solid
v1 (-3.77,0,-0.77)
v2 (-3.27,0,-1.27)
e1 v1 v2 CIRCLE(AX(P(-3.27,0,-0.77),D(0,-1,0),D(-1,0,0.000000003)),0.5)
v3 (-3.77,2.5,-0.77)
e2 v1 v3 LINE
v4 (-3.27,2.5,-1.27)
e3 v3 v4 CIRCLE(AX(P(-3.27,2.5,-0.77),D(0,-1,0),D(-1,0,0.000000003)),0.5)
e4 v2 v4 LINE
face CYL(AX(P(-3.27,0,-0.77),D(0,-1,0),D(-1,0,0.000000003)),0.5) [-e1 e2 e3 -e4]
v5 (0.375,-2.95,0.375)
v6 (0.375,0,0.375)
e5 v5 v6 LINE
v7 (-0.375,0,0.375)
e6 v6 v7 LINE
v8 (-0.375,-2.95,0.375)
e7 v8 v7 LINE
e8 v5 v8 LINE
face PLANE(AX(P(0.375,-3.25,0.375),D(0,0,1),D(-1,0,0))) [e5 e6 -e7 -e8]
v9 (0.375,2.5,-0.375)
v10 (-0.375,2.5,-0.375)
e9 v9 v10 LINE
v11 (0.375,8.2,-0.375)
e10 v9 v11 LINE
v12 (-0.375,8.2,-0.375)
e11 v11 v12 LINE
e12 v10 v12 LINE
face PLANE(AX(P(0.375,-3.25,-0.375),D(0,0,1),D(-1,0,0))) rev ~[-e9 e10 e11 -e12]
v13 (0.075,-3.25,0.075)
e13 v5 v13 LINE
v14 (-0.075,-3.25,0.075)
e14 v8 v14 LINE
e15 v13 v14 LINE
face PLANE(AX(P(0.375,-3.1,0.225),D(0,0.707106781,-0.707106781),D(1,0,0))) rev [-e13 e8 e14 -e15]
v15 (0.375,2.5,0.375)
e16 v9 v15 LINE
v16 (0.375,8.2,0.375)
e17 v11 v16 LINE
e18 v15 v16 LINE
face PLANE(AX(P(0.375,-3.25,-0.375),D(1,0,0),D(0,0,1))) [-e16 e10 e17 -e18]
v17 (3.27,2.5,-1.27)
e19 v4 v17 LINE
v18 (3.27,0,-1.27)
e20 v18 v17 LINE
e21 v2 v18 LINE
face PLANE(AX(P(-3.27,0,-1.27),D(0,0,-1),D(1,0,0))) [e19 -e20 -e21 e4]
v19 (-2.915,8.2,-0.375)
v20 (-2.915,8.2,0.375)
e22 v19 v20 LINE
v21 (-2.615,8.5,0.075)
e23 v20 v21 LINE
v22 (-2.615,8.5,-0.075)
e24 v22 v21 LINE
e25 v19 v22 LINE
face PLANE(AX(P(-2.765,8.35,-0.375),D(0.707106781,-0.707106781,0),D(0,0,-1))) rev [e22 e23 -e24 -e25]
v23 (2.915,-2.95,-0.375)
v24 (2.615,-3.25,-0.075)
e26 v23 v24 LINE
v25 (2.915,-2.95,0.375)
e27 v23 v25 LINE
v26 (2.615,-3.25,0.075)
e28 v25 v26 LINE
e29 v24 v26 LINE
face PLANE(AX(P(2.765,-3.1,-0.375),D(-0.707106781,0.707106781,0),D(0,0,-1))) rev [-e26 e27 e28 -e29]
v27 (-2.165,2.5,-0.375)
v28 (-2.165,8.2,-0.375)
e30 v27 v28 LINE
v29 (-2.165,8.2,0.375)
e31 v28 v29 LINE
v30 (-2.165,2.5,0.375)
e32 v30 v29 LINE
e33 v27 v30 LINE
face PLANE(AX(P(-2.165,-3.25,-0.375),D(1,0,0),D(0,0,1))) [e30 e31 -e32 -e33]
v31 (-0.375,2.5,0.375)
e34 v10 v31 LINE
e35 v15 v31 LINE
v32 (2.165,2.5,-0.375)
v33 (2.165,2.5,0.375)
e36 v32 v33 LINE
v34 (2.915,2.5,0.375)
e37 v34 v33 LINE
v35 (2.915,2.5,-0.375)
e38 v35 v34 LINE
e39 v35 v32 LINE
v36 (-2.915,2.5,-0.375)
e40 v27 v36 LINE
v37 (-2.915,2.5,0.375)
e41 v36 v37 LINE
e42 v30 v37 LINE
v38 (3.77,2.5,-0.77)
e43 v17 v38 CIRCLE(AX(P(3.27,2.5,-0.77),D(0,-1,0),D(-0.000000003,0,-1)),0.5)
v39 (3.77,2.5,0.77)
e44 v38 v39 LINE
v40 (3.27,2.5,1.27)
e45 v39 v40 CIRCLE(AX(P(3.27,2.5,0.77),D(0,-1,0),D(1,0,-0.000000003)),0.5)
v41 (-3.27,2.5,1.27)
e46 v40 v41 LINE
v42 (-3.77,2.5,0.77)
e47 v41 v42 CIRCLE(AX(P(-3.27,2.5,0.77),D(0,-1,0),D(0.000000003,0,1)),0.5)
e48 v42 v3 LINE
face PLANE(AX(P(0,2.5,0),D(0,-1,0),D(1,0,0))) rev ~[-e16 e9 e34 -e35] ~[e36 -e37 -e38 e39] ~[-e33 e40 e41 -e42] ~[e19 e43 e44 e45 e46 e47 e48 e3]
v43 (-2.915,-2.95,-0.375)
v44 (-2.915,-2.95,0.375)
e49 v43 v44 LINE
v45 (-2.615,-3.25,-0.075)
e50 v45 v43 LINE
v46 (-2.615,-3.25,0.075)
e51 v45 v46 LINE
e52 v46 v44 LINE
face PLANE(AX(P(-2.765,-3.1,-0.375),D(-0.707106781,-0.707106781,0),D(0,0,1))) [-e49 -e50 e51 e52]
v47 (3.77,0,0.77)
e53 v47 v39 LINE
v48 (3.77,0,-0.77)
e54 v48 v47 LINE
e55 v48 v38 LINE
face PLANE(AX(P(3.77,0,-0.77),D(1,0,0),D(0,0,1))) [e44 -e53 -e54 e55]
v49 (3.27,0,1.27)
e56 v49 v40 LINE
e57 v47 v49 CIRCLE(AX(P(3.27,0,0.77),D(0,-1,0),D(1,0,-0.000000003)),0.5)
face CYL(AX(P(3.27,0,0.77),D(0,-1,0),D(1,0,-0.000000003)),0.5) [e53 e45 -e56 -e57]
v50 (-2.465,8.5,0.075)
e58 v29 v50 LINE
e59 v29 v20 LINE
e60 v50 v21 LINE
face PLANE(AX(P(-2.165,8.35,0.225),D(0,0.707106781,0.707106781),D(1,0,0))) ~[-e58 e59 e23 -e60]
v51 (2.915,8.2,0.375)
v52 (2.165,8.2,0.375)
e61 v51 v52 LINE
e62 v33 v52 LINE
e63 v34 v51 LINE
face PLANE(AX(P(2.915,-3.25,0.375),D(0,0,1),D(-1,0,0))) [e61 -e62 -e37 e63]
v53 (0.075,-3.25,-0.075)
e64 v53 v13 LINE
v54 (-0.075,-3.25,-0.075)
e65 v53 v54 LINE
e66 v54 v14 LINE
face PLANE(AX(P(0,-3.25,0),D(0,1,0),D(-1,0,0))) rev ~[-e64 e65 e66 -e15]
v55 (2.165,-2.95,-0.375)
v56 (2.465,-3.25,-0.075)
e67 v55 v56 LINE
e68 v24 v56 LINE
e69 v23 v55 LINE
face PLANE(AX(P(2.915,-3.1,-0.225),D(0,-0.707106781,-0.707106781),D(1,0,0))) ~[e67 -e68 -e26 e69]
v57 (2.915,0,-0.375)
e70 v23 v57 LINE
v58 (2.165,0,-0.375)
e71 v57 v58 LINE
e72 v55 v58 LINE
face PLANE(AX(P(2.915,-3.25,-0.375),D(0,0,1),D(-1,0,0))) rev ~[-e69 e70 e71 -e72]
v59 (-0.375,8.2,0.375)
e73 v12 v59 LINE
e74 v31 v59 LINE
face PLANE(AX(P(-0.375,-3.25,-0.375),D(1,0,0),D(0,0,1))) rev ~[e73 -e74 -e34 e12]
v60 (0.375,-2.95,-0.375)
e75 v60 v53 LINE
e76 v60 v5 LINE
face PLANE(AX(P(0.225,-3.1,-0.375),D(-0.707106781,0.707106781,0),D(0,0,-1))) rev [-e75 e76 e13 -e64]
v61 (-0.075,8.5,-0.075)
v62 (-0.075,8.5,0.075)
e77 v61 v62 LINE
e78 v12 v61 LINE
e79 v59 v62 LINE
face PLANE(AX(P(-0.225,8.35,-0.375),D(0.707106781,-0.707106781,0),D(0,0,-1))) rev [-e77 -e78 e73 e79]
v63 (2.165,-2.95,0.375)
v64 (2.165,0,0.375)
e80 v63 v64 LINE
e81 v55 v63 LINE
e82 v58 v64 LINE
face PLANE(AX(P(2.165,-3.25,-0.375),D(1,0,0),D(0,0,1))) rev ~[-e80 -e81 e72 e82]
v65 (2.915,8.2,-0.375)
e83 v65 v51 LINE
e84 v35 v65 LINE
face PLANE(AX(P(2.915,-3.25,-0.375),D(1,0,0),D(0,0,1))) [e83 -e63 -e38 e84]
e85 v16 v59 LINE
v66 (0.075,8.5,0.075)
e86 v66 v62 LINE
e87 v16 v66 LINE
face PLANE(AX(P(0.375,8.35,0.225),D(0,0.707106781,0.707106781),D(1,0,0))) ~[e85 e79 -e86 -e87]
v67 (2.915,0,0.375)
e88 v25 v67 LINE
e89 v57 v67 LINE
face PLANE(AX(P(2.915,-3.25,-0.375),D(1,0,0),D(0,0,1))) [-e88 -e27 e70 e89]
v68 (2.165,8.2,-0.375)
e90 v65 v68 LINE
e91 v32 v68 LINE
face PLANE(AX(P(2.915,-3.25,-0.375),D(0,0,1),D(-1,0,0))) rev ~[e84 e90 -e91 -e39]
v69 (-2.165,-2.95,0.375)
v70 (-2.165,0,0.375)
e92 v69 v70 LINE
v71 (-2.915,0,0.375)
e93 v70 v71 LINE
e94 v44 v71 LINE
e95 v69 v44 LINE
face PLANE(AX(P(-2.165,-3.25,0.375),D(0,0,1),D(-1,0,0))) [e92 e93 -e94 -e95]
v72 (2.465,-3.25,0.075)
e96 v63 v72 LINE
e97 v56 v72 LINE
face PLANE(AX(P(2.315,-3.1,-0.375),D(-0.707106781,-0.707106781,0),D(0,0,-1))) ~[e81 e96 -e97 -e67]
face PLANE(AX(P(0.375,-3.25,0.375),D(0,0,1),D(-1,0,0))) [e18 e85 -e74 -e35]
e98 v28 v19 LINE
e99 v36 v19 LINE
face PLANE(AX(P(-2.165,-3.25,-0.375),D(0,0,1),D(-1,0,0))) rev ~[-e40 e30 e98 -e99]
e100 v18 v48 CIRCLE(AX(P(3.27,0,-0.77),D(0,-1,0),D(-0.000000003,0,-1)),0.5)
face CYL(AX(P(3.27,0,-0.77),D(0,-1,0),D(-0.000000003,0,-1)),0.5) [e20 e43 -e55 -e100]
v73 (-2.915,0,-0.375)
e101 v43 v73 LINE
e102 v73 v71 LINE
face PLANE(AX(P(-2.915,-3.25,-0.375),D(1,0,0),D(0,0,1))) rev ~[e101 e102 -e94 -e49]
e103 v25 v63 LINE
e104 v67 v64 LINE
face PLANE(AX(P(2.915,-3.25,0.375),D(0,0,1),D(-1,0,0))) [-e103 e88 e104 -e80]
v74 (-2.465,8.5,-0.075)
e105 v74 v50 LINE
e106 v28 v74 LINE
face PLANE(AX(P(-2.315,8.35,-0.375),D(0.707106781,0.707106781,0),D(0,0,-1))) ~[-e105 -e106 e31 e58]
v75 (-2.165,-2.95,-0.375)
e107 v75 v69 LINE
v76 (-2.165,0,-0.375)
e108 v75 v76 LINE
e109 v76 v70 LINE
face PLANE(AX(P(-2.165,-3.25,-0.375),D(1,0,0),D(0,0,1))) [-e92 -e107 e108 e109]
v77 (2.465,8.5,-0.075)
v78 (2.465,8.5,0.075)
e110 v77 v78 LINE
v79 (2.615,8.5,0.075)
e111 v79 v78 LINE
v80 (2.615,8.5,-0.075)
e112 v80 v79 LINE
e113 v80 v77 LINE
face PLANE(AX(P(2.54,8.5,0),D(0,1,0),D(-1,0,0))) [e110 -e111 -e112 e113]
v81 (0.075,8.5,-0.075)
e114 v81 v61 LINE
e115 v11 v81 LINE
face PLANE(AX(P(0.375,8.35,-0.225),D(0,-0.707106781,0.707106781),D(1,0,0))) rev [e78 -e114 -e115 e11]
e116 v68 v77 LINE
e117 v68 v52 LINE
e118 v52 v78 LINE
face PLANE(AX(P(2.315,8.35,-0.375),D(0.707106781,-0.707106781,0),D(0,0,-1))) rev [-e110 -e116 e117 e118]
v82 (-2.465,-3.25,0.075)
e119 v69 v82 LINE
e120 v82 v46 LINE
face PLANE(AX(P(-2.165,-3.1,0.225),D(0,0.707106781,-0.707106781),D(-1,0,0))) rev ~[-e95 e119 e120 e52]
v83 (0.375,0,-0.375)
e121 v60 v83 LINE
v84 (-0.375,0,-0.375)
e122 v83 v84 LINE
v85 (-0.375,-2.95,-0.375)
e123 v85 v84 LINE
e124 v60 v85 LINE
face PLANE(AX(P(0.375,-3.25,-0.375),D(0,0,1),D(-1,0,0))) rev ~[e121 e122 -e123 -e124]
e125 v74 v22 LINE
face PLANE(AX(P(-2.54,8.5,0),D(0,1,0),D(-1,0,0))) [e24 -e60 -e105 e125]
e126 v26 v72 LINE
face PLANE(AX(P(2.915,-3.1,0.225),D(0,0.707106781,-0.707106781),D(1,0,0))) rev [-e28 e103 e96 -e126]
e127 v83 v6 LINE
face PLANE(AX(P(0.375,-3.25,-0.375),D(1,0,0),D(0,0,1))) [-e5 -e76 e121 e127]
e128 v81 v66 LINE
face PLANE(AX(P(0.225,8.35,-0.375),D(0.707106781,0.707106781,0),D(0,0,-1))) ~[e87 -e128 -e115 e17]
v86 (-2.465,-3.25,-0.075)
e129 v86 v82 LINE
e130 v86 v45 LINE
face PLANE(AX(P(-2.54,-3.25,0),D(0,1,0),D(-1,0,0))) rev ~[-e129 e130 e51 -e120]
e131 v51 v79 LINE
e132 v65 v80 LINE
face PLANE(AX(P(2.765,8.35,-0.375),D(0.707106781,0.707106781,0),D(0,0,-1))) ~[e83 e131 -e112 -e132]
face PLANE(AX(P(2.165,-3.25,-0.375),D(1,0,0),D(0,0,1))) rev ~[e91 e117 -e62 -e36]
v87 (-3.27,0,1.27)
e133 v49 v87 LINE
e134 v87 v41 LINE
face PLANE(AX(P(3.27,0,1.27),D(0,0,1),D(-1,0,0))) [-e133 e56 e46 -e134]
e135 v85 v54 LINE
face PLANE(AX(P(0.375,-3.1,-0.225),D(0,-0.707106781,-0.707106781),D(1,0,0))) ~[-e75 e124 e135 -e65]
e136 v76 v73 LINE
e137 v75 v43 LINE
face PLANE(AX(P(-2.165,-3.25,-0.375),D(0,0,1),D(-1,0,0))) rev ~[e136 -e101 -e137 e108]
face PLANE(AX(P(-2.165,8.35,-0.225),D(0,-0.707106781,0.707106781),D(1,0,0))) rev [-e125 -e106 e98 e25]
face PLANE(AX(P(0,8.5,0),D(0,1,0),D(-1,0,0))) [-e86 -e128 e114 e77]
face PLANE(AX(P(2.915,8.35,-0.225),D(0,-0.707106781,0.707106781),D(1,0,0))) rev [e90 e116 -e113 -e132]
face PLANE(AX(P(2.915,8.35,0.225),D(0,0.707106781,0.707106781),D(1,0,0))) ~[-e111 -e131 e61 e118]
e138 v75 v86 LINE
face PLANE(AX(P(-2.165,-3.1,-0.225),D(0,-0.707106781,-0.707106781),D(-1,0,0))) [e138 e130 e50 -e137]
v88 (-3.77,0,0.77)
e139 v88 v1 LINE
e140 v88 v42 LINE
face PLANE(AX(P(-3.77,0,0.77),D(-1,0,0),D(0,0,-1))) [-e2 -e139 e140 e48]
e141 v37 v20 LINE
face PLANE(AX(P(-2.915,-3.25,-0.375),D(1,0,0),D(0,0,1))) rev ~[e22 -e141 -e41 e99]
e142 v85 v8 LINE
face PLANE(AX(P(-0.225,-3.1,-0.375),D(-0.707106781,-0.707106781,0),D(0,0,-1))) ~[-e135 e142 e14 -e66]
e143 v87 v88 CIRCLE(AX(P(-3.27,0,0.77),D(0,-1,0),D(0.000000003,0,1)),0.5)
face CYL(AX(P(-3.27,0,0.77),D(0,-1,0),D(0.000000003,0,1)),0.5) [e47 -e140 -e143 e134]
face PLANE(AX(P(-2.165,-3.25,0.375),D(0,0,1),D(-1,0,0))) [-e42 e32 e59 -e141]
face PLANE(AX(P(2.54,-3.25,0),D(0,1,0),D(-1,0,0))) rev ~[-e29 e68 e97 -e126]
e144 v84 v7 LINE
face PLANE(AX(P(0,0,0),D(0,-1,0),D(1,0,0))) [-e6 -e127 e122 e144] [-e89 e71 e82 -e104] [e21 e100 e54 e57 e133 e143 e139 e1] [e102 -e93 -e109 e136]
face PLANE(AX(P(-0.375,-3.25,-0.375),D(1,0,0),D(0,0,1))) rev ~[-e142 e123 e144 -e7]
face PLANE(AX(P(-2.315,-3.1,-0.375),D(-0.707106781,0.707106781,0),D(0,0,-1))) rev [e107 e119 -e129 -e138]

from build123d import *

# Parameters (mm, degrees)
BOSS_EXTRUDE1_DEPTH      = 2.5
BOSS_EXTRUDE2_DEPTH      = 8.5
BOSS_EXTRUDE2_DEPTH_BACK = 3.25
SKETCH2_W                = 0.75
SKETCH2_H                = 0.75
CHAMFER1_SIZE            = 0.3


with BuildPart() as part:
    # Sketch1 → Boss-Extrude1 (new body)
    with BuildSketch(Plane(origin=(0, 0, 0), x_dir=(-1, 0, 0), z_dir=(0, 1, 0))):
        with BuildLine():
            Line((-3.27, 1.27), (3.27, 1.27))
            ThreePointArc((3.27, 1.27), (3.623553391, 1.123553391), (3.77, 0.77))
            Line((3.77, 0.77), (3.77, -0.77))
            ThreePointArc((3.77, -0.77), (3.623553391, -1.123553391), (3.27, -1.27))
            Line((3.27, -1.27), (-3.27, -1.27))
            ThreePointArc((-3.27, -1.27), (-3.623553391, -1.123553391), (-3.77, -0.77))
            Line((-3.77, -0.77), (-3.77, 0.77))
            ThreePointArc((-3.77, 0.77), (-3.623553391, 1.123553391), (-3.27, 1.27))
        make_face()
    extrude(amount=BOSS_EXTRUDE1_DEPTH)

    # Sketch2 → Boss-Extrude2 (add, two sides: drawn at the far end of the back side and taken through both)
    with BuildSketch(Plane(origin=(0, 0, 0), x_dir=(-1, 0, 0), z_dir=(0, 1, 0)).offset(-BOSS_EXTRUDE2_DEPTH_BACK)):
        with Locations((2.54, 0)):
            Rectangle(SKETCH2_W, SKETCH2_H)
        Rectangle(SKETCH2_W, SKETCH2_H)
        with Locations((-2.54, 0)):
            Rectangle(SKETCH2_W, SKETCH2_H)
    extrude(amount=BOSS_EXTRUDE2_DEPTH + BOSS_EXTRUDE2_DEPTH_BACK)

    # Chamfer1
    chamfer1_edges = [part.edges().sort_by_distance(p)[0] for p in [
        (-2.165, -3.25, 0),
        (-2.54, -3.25, 0.375),
        (-2.915, -3.25, 0),
        (-2.54, -3.25, -0.375),
        (-2.165, 8.5, 0),
        (-2.54, 8.5, -0.375),
        (-2.915, 8.5, 0),
        (-2.54, 8.5, 0.375),
        (-0.375, -3.25, 0),
        (0, -3.25, -0.375),
        (0.375, -3.25, 0),
        (0, -3.25, 0.375),
        (-0.375, 8.5, 0),
        (0, 8.5, 0.375),
        (0.375, 8.5, 0),
        (0, 8.5, -0.375),
        (2.165, -3.25, 0),
        (2.54, -3.25, -0.375),
        (2.915, -3.25, 0),
        (2.54, -3.25, 0.375),
        (2.165, 8.5, 0),
        (2.54, 8.5, 0.375),
        (2.915, 8.5, 0),
        (2.54, 8.5, -0.375),
    ]]
    chamfer(chamfer1_edges, length=CHAMFER1_SIZE)


solid = part.part
